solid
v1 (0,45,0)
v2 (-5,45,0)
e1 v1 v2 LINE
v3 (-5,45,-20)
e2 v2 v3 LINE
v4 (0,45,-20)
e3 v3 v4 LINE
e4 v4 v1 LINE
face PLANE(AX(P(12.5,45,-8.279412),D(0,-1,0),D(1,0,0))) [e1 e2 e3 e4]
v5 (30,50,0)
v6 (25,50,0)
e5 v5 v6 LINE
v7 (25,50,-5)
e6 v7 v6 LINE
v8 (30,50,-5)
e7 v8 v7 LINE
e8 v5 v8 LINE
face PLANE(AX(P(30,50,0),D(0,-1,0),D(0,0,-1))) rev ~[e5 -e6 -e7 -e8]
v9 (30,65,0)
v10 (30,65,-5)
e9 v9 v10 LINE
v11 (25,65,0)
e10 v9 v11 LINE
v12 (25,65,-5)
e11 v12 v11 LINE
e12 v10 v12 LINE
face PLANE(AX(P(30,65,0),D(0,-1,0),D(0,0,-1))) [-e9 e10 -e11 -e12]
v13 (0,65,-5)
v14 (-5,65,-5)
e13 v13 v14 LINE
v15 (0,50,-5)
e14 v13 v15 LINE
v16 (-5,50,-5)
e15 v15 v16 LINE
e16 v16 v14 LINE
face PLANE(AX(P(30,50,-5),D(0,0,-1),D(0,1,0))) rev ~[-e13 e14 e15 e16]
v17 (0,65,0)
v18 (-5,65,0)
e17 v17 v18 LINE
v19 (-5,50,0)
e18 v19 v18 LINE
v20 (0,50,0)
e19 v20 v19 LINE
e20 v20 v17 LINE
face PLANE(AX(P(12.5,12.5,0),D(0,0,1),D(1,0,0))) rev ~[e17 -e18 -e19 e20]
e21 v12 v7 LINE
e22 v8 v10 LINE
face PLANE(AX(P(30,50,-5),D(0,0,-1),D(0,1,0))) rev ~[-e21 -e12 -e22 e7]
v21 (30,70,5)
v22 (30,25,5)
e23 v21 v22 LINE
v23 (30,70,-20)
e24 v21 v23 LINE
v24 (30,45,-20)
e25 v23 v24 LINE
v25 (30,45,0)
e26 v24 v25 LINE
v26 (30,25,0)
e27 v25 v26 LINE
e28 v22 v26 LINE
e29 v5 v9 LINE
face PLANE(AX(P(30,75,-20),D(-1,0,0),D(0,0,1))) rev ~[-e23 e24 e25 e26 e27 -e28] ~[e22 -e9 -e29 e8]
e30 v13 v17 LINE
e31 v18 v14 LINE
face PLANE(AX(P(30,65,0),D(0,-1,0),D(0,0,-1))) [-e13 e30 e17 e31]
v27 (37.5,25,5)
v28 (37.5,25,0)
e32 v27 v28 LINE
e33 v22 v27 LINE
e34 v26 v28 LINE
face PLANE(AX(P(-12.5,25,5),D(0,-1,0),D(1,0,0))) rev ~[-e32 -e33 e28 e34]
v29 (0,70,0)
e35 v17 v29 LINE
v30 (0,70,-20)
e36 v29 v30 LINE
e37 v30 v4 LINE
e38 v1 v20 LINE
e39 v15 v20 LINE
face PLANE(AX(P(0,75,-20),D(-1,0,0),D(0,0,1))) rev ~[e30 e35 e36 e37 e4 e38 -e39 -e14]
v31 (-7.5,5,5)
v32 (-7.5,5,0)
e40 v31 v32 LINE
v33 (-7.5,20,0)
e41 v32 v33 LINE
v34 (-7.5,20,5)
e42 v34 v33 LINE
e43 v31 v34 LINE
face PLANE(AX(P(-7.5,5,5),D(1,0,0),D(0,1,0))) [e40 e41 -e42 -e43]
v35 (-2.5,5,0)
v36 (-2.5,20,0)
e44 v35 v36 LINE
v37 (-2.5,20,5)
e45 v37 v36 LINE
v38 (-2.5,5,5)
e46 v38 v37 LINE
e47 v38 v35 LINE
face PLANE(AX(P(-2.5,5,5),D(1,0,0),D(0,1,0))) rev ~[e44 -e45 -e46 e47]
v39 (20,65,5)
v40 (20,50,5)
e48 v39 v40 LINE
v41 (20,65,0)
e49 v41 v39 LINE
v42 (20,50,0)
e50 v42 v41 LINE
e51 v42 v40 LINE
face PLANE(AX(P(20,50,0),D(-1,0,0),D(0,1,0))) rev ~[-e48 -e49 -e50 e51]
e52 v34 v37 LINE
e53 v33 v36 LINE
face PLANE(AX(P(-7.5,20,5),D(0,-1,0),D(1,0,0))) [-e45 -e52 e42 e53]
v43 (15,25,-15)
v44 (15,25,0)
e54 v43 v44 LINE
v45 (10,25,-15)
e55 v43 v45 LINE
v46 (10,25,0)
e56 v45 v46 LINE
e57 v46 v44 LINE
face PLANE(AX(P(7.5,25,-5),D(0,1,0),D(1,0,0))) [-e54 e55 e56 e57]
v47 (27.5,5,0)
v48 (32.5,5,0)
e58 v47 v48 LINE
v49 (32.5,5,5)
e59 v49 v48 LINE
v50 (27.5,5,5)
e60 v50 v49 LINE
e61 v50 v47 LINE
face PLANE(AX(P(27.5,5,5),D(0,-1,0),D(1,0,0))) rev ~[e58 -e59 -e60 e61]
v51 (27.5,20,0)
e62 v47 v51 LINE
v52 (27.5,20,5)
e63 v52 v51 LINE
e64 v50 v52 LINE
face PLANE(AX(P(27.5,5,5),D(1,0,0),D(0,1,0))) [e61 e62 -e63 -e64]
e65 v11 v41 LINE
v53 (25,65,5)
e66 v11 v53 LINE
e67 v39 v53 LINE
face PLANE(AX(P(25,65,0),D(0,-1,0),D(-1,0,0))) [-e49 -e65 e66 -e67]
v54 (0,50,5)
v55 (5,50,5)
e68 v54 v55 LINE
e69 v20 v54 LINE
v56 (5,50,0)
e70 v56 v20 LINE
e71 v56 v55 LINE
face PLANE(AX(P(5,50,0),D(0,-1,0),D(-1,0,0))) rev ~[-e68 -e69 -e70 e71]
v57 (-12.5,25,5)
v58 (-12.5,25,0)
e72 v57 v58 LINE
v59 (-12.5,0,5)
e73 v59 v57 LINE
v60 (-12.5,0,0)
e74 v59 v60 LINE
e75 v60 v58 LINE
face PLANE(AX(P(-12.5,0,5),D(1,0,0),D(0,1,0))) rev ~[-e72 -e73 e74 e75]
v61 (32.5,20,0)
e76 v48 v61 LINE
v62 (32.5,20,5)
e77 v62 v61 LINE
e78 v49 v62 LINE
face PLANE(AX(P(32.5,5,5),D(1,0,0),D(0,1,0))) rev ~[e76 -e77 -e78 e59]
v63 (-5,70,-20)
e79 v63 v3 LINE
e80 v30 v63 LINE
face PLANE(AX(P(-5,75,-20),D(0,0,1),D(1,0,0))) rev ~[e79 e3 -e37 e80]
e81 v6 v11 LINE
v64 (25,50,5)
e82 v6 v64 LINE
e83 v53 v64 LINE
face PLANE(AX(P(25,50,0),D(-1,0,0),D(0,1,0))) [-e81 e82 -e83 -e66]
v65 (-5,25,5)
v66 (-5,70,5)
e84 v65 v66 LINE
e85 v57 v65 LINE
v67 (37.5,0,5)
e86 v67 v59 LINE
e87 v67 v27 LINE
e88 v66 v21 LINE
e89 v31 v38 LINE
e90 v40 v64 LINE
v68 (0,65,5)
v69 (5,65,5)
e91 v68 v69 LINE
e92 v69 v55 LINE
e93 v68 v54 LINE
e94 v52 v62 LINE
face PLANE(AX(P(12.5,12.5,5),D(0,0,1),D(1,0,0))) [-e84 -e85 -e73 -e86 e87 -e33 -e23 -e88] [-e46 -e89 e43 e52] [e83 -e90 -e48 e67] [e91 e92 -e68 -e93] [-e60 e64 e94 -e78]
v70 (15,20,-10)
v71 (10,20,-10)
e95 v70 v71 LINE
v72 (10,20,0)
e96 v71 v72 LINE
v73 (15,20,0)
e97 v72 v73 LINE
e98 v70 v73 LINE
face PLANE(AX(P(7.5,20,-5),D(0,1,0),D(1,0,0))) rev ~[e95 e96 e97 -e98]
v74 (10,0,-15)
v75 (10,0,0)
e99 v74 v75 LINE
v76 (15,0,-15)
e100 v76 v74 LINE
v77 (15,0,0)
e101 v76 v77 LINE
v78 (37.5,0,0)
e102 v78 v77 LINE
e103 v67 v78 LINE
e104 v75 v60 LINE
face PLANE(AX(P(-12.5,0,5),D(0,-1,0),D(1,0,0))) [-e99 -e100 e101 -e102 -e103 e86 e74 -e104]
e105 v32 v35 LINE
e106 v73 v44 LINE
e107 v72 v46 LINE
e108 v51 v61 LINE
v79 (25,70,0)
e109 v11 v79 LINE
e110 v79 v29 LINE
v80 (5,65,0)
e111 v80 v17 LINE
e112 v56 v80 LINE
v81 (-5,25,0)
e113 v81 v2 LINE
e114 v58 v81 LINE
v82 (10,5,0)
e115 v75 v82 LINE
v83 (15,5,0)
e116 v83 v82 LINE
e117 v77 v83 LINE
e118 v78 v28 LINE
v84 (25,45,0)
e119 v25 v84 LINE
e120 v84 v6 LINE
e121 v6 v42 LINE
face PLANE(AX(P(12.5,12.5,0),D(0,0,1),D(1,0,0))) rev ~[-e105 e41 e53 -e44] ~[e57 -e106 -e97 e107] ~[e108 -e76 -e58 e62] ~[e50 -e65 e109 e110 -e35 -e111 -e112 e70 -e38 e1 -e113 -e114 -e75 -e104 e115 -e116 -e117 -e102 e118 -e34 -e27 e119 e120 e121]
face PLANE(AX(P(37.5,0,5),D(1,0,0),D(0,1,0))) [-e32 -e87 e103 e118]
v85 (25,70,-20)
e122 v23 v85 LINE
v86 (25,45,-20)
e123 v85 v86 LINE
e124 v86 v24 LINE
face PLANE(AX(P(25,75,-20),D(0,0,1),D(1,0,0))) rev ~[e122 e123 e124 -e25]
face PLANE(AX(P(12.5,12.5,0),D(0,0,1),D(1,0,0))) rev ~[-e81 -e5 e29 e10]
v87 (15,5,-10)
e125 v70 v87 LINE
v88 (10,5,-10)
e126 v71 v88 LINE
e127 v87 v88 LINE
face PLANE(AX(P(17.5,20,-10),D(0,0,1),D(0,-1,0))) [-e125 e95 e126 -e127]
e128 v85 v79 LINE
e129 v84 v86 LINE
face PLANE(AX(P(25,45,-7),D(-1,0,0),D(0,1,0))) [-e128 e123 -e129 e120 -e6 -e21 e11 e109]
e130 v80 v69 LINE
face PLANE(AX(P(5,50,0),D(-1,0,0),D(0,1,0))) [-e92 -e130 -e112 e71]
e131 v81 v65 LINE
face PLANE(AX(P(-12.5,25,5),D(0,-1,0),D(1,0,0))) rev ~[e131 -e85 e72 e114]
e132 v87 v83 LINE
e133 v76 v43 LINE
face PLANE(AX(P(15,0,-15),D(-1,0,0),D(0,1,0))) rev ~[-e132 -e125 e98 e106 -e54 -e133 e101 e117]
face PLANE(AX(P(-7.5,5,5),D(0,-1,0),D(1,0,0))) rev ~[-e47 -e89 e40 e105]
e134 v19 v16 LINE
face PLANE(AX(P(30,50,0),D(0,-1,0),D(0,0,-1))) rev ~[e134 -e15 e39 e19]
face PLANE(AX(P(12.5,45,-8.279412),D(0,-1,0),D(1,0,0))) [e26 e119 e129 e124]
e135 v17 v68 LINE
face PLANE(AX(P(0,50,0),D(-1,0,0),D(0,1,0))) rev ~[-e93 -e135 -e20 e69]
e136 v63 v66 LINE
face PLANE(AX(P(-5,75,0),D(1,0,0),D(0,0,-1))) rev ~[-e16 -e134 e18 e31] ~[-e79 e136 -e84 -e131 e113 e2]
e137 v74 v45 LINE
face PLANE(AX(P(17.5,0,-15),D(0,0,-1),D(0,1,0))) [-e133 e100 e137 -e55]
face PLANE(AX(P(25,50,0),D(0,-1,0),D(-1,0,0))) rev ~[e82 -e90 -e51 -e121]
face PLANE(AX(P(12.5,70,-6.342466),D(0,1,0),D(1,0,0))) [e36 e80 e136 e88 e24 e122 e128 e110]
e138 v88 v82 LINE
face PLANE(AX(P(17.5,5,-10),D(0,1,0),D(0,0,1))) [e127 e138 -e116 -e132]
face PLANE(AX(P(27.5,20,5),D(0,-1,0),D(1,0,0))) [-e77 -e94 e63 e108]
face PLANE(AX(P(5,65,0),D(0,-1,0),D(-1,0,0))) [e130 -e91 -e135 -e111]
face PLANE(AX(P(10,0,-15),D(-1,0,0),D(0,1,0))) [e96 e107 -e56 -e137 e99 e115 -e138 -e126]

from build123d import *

# Parameters (mm, degrees)
BOSS_EXTRUDE1_DEPTH = 2
SKETCH2_W           = 5
SKETCH2_H           = 25
SKETCH2_W_2         = 20
BOSS_EXTRUDE2_DEPTH = 20
SKETCH3_W           = 25
SKETCH3_H           = 2
BOSS_EXTRUDE3_DEPTH = 25
SKETCH4_W           = 25
SKETCH4_H           = 25
BOSS_EXTRUDE4_DEPTH = 7
BOSS_EXTRUDE5_DEPTH = 5
SKETCH6_W           = 50
SKETCH6_H           = 25
BOSS_EXTRUDE6_DEPTH = 5
BOSS_EXTRUDE7_DEPTH = 30
CUT_EXTRUDE2_DEPTH  = 30
SKETCH10_W          = 5
SKETCH10_H          = 25
CUT_EXTRUDE3_DEPTH  = 20
SKETCH11_W          = 25
SKETCH11_H          = 25
CUT_EXTRUDE4_DEPTH  = 7
SKETCH13_W          = 5
SKETCH13_H          = 25
CUT_EXTRUDE5_DEPTH  = 10
BOSS_EXTRUDE8_REACH = 12
SKETCH14_W          = 10
SKETCH14_H          = 5
SKETCH15_W          = 2.5
SKETCH15_H          = 25
CUT_EXTRUDE6_DEPTH  = 15
SKETCH16_W          = 5
SKETCH16_H          = 15
CUT_EXTRUDE7_DEPTH  = 26
SKETCH17_W          = 5
SKETCH17_H          = 15
CUT_EXTRUDE8_DEPTH  = 43.5
SKETCH18_W          = 5
SKETCH18_H          = 15
CUT_EXTRUDE9_DEPTH  = 6


with BuildPart() as part:
    # Sketch1 → Boss-Extrude1 (new body)
    with BuildSketch(Plane.XY):
        Polygon((-5, 75), (2.5, 25), (2.5, 0), (22.5, 0), (22.5, 25), (30, 75), (30, 100), (25, 100), (25, 75), (0, 75), (0, 100), (-5, 100), align=None)
    extrude(amount=BOSS_EXTRUDE1_DEPTH)

    # Sketch2 → Boss-Extrude2 (add)
    with BuildSketch(Plane(origin=(0, 0, 0), x_dir=(-1, 0, 0), z_dir=(0, 0, -1))):
        with Locations((-27.5, 87.5)):
            Rectangle(SKETCH2_W, SKETCH2_H)
        with Locations((2.5, 87.5)):
            Rectangle(SKETCH2_W, SKETCH2_H)
        with Locations((-12.5, 12.5)):
            Rectangle(SKETCH2_W_2, SKETCH2_H)
    extrude(amount=BOSS_EXTRUDE2_DEPTH)

    # Sketch3 → Boss-Extrude3 (add)
    with BuildSketch(Plane(origin=(0, 75, 0), x_dir=(1, 0, 0), z_dir=(0, 1, 0))):
        with Locations((12.5, -1)):
            Rectangle(SKETCH3_W, SKETCH3_H)
    extrude(amount=BOSS_EXTRUDE3_DEPTH)

    # Sketch4 → Boss-Extrude4 (add)
    with BuildSketch(Plane(origin=(0, 0, 0), x_dir=(-1, 0, 0), z_dir=(0, 0, -1))):
        with Locations((-12.5, 87.5)):
            Rectangle(SKETCH4_W, SKETCH4_H)
    extrude(amount=BOSS_EXTRUDE4_DEPTH)

    # Sketch5 → Boss-Extrude5 (add)
    with BuildSketch(Plane(origin=(0, 0, 0), x_dir=(-1, 0, 0), z_dir=(0, 0, -1))):
        Polygon((5, 75), (5, 0), (-2.5, 0), (-22.5, 0), (-30, 0), (-30, 75), (-30, 100), (5, 100), align=None)
    extrude(amount=-BOSS_EXTRUDE5_DEPTH)

    # Sketch6 → Boss-Extrude6 (add)
    with BuildSketch(Plane.XY.offset(5)):
        with Locations((12.5, 12.5)):
            Rectangle(SKETCH6_W, SKETCH6_H)
    extrude(amount=-BOSS_EXTRUDE6_DEPTH)

    # Sketch8 → Boss-Extrude7 (add)
    with BuildSketch(Plane.XZ.offset(-75)):
        Polygon((-5, 0), (-5, -20), (0, -20), (0, -7), (25, -7), (25, -20), (30, -20), (30, 0), align=None)
    extrude(amount=BOSS_EXTRUDE7_DEPTH)

    # Sketch9 → Cut-Extrude2 (cut)
    with BuildSketch(Plane(origin=(0, 100, 0), x_dir=(1, 0, 0), z_dir=(0, 1, 0))):
        Polygon((30, 20), (25, 20), (25, 7), (0, 7), (0, 20), (-5, 20), (-5, -5), (30, -5), align=None)
    extrude(amount=-CUT_EXTRUDE2_DEPTH, mode=Mode.SUBTRACT)

    # Sketch10 → Cut-Extrude3 (cut)
    with BuildSketch(Plane(origin=(0, 0, -20), x_dir=(-1, 0, 0), z_dir=(0, 0, -1))):
        with Locations((-20, 12.5)):
            Rectangle(SKETCH10_W, SKETCH10_H)
        with Locations((-5, 12.5)):
            Rectangle(SKETCH10_W, SKETCH10_H)
    extrude(amount=-CUT_EXTRUDE3_DEPTH, mode=Mode.SUBTRACT)

    # Sketch11 → Cut-Extrude4 (cut)
    with BuildSketch(Plane(origin=(0, 0, -7), x_dir=(-1, 0, 0), z_dir=(0, 0, -1))):
        with Locations((-12.5, 57.5)):
            Rectangle(SKETCH11_W, SKETCH11_H)
    extrude(amount=-CUT_EXTRUDE4_DEPTH, mode=Mode.SUBTRACT)

    # Sketch13 → Cut-Extrude5 (cut)
    with BuildSketch(Plane(origin=(17.5, 0, 0), x_dir=(0, 0, -1), z_dir=(1, 0, 0))):
        Polygon((5, 25), (5, 20), (10, 20), (10, 5), (0, 5), (0, 25), align=None)
        with Locations((17.5, 12.5)):
            Rectangle(SKETCH13_W, SKETCH13_H)
    extrude(amount=-CUT_EXTRUDE5_DEPTH, mode=Mode.SUBTRACT)

    # Sketch14 → Boss-Extrude8 (add, up to next)
    with BuildSketch(Plane.XY.offset(-5), mode=Mode.PRIVATE) as boss_extrude8_sk1:
        with Locations((12.5, 22.5)):
            Rectangle(SKETCH14_W, SKETCH14_H)
    boss_extrude8_tool1 = extrude(boss_extrude8_sk1.sketch, amount=BOSS_EXTRUDE8_REACH, mode=Mode.PRIVATE) - part.part
    add(boss_extrude8_tool1.solids().sort_by_distance((12.5, 22.5, -5))[0])

    # Sketch15 → Cut-Extrude6 (cut)
    with BuildSketch(Plane(origin=(0, 0, -15), x_dir=(-1, 0, 0), z_dir=(0, 0, -1))):
        with Locations((-8.75, 12.5)):
            Rectangle(SKETCH15_W, SKETCH15_H)
        with Locations((-16.25, 12.5)):
            Rectangle(SKETCH15_W, SKETCH15_H)
    extrude(amount=-CUT_EXTRUDE6_DEPTH, mode=Mode.SUBTRACT)

    # Sketch16 → Cut-Extrude7 (cut, through all)
    with BuildSketch(Plane.XY.offset(5)):
        with Locations((-5, 12.5)):
            Rectangle(SKETCH16_W, SKETCH16_H)
        with Locations((30, 12.5)):
            Rectangle(SKETCH16_W, SKETCH16_H)
    extrude(amount=-CUT_EXTRUDE7_DEPTH, mode=Mode.SUBTRACT)

    # Sketch17 → Cut-Extrude8 (cut, through all)
    with BuildSketch(Plane(origin=(30, 0, 0), x_dir=(0, 0, -1), z_dir=(1, 0, 0))):
        with Locations((2.5, 57.5)):
            Rectangle(SKETCH17_W, SKETCH17_H)
    extrude(amount=-CUT_EXTRUDE8_DEPTH, mode=Mode.SUBTRACT)

    # Sketch18 → Cut-Extrude9 (cut, through all)
    with BuildSketch(Plane(origin=(0, 0, 0), x_dir=(-1, 0, 0), z_dir=(0, 0, -1))):
        with Locations((-2.5, 57.5)):
            Rectangle(SKETCH18_W, SKETCH18_H)
        with Locations((-22.5, 57.5)):
            Rectangle(SKETCH18_W, SKETCH18_H)
    extrude(amount=-CUT_EXTRUDE9_DEPTH, mode=Mode.SUBTRACT)


solid = part.part
